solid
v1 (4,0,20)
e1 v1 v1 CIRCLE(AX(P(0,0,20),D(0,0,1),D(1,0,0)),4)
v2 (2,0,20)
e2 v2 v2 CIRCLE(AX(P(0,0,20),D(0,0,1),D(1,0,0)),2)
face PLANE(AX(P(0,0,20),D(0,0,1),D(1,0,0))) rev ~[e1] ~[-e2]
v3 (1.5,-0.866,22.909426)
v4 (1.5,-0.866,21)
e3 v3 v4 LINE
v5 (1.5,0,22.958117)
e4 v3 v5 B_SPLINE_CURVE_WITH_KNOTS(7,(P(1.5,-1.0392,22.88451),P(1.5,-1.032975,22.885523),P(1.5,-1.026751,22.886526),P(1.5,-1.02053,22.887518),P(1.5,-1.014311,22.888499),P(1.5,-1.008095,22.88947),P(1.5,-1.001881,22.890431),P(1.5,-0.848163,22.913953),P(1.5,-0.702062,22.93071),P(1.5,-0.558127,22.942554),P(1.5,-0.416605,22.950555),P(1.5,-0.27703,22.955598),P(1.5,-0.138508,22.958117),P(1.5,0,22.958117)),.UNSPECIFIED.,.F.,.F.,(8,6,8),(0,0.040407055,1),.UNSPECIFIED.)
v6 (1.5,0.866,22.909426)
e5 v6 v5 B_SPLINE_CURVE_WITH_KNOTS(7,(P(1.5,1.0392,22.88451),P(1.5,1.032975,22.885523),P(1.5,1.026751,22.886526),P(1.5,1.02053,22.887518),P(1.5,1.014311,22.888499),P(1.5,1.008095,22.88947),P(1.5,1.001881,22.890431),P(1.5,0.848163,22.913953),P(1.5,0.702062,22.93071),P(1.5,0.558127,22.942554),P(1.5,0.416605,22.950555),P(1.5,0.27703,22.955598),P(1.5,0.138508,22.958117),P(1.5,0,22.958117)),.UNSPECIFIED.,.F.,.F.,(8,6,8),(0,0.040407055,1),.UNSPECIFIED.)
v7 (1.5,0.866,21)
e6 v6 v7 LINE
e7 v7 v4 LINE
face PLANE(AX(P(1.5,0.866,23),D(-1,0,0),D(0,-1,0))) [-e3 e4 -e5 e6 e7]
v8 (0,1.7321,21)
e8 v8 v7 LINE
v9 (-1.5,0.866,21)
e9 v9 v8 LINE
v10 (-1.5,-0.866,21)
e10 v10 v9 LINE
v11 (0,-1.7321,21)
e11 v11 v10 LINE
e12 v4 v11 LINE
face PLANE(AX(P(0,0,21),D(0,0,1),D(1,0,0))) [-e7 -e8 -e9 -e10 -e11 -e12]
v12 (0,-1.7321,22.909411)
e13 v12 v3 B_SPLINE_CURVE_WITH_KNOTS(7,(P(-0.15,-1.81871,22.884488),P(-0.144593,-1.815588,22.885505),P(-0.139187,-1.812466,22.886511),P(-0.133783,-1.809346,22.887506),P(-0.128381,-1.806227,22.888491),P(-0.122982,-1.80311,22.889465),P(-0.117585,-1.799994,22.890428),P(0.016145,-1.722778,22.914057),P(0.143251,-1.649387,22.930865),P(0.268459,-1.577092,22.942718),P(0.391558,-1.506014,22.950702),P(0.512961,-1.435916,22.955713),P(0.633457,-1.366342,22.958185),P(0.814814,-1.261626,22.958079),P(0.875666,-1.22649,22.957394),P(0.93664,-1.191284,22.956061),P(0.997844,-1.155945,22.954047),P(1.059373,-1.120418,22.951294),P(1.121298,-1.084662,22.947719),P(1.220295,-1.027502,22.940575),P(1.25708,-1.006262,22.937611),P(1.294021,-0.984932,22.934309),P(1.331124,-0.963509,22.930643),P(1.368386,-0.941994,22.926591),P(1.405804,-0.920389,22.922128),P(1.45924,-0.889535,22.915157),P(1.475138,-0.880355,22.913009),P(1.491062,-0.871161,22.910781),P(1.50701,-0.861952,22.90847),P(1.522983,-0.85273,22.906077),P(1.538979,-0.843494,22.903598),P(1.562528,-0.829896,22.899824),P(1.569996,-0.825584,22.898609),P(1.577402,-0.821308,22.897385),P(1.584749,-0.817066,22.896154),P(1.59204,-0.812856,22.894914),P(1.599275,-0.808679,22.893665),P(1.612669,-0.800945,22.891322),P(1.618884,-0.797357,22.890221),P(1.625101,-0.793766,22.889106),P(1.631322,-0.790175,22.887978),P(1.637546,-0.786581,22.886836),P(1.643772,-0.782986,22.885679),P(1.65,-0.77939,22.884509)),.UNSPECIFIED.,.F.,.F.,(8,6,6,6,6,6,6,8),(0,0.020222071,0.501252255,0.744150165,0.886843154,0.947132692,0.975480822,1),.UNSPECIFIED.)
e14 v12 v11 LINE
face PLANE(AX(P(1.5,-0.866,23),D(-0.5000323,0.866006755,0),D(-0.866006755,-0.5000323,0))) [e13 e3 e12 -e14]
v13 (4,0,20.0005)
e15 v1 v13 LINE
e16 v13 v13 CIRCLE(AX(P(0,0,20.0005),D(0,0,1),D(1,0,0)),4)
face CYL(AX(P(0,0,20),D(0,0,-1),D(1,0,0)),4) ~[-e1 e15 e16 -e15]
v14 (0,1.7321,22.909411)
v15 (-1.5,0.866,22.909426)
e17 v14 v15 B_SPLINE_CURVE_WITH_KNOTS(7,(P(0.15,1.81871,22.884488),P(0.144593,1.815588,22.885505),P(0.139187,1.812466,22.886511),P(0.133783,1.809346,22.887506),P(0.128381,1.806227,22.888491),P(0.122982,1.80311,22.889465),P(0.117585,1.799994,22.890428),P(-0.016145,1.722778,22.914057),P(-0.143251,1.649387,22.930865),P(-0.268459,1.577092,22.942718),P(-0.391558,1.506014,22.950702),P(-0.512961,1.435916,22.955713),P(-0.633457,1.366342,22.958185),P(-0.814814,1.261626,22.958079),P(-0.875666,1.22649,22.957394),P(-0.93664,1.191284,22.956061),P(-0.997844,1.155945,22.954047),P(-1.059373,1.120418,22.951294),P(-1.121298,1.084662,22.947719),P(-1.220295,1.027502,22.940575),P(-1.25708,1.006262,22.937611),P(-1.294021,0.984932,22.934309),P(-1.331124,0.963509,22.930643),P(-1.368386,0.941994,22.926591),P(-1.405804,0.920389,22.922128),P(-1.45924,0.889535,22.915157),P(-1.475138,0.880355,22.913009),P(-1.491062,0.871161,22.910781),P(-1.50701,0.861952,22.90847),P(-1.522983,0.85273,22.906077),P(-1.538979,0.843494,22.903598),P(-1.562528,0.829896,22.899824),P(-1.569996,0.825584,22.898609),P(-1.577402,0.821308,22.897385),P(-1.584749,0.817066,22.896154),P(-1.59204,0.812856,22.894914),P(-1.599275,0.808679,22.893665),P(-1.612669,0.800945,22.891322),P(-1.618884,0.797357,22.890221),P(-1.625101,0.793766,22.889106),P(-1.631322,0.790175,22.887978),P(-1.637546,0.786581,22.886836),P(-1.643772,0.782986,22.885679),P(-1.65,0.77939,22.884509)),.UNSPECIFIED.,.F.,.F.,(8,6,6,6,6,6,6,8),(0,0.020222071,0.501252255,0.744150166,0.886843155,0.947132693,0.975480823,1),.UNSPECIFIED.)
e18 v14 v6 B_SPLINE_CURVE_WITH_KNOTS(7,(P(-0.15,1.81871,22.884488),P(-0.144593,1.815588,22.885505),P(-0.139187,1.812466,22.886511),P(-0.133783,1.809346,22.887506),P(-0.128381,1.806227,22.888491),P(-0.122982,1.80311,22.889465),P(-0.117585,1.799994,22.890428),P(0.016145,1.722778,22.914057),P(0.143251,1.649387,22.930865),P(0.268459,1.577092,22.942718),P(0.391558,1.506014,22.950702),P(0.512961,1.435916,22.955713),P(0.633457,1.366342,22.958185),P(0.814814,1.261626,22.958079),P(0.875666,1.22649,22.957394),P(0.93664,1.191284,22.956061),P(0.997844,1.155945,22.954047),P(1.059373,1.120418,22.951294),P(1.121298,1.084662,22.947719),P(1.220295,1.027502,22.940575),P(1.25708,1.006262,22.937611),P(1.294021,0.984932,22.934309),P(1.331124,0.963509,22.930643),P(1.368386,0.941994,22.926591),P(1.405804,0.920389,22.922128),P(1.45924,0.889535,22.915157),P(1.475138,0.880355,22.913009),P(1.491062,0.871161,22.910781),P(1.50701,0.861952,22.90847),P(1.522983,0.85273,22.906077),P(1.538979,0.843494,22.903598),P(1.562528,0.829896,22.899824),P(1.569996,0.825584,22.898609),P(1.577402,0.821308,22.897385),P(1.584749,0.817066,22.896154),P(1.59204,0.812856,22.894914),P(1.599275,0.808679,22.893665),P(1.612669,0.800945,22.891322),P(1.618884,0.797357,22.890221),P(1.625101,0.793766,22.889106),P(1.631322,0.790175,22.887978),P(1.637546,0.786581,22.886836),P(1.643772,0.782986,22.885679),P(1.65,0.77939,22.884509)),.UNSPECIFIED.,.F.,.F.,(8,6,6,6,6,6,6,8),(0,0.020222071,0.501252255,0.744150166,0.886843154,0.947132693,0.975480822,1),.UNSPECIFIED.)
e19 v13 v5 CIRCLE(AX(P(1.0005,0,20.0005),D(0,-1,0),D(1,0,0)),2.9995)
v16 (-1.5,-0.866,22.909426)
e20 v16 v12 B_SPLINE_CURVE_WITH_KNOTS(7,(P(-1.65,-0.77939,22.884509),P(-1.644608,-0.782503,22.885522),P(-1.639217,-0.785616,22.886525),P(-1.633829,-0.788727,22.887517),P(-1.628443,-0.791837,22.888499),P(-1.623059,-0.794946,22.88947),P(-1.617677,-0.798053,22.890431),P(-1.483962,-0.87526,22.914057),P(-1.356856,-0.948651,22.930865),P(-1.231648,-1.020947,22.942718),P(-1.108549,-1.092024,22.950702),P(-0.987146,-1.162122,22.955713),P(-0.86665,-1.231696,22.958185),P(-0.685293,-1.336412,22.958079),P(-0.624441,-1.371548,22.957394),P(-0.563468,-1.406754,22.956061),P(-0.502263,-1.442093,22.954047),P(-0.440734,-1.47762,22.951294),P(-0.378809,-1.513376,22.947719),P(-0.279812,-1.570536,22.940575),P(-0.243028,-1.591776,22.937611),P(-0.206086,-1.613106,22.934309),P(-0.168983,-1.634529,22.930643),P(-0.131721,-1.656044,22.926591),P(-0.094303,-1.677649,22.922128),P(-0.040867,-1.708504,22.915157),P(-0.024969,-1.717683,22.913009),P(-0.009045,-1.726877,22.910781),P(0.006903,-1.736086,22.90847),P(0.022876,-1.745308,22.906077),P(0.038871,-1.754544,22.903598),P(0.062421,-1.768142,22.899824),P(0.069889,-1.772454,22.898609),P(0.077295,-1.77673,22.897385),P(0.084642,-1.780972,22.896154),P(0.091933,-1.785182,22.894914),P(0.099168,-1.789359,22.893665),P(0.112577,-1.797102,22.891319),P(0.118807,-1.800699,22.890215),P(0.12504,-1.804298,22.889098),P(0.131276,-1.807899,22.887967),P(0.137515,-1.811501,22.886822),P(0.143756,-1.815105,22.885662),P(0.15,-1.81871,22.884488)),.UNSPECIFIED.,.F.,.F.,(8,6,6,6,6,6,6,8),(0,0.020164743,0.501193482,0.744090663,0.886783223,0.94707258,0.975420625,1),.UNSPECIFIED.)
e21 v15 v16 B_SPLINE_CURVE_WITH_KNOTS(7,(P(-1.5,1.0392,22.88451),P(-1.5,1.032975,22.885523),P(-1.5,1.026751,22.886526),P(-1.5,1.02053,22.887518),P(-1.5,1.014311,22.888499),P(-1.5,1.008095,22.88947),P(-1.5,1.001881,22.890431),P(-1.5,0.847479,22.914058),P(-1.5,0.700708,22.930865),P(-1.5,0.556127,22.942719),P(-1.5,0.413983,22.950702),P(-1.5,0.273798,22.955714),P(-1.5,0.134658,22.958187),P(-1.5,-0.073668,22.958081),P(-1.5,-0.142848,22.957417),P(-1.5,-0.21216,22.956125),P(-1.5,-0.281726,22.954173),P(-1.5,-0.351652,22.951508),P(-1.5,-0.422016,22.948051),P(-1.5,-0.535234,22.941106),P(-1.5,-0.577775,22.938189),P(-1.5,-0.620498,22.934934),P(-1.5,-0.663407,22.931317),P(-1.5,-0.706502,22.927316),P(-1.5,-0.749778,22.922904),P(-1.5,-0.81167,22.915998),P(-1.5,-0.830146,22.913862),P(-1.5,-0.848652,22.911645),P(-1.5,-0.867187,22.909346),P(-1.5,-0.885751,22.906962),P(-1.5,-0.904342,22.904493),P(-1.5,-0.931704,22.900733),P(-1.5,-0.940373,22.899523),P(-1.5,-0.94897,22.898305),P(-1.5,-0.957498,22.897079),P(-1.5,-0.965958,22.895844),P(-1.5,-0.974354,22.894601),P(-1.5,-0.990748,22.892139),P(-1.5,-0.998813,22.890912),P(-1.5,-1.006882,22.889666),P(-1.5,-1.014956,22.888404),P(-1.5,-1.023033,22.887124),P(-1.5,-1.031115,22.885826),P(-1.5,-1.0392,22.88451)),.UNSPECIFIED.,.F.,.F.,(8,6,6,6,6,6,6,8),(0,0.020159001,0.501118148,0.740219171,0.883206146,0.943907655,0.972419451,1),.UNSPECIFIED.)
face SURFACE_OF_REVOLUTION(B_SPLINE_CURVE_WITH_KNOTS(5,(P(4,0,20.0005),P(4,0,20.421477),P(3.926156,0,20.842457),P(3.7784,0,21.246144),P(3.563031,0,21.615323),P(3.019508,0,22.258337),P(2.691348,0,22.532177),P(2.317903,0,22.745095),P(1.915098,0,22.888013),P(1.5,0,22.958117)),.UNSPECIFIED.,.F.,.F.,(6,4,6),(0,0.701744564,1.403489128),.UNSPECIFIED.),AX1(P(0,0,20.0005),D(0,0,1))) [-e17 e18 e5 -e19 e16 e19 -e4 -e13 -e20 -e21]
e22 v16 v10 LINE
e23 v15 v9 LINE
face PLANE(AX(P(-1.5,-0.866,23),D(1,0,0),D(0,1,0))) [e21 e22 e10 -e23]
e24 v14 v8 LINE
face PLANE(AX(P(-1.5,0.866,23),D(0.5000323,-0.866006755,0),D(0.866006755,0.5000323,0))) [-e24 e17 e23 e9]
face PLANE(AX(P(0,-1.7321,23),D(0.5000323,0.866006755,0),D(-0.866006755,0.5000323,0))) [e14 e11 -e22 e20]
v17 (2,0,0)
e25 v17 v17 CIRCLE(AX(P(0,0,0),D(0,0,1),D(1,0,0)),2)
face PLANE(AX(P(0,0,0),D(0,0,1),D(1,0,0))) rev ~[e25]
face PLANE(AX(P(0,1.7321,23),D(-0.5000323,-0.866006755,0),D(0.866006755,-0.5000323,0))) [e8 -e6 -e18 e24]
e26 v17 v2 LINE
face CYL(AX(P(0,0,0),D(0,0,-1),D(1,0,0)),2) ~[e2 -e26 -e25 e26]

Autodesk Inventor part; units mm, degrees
ref_plane "YZ Plane" through (0, 0, 0) normal (1, 0, 0) x (0, 1, 0)
ref_plane "XZ Plane" through (0, 0, 0) normal (0, 1, 0) x (-1, 0, 0)
ref_plane "XY Plane" through (0, 0, 0) normal (0, 0, 1) x (1, 0, 0)
sketch "スケッチ1" plane through (0, 0, 0) normal (0, 0, 1) x (1, 0, 0)
  circle A0 centre (0, 0) radius 2
  dimension "d0" = 4
extrude "押し出し1" add sketch "スケッチ1" along normal blind 20
sketch "スケッチ2" plane through (0, 0, 20) normal (0, 0, 1) x (1, 0, 0)
  circle A0 centre (0, 0) radius 2 projected
  circle A1 centre (0, 0) radius 4
  dimension "d3" = 8
extrude "押し出し2" add sketch "スケッチ2" along normal blind 3 contours A0 | A1
fillet "フィレット1" radius 3 1 edges at (-4, 0, 23)
thread "ねじ1" size "M4x0.7" class "6g" standard "ANSI Metric M Profile" full length
sketch "スケッチ3" plane through (0, 0, 23) normal (0, 0, 1) x (1, 0, 0)
  line L0 (-1.5, 0.866) -> (0, 1.7321)
  line L1 (0, 1.7321) -> (1.5, 0.866)
  line L2 (1.5, 0.866) -> (1.5, -0.866)
  line L3 (1.5, -0.866) -> (0, -1.7321)
  line L4 (0, -1.7321) -> (-1.5, -0.866)
  line L5 (-1.5, -0.866) -> (-1.5, 0.866)
  point P0 (0, 0)
  point P1 (0, 0)
  point P2 (-1.5, 0)
  dimension "d9" = 3
extrude "押し出し3" cut sketch "スケッチ3" against normal blind 2
properties part number "SB　M4 8mm なべネジ" material "Stainless Steel, 440C"
